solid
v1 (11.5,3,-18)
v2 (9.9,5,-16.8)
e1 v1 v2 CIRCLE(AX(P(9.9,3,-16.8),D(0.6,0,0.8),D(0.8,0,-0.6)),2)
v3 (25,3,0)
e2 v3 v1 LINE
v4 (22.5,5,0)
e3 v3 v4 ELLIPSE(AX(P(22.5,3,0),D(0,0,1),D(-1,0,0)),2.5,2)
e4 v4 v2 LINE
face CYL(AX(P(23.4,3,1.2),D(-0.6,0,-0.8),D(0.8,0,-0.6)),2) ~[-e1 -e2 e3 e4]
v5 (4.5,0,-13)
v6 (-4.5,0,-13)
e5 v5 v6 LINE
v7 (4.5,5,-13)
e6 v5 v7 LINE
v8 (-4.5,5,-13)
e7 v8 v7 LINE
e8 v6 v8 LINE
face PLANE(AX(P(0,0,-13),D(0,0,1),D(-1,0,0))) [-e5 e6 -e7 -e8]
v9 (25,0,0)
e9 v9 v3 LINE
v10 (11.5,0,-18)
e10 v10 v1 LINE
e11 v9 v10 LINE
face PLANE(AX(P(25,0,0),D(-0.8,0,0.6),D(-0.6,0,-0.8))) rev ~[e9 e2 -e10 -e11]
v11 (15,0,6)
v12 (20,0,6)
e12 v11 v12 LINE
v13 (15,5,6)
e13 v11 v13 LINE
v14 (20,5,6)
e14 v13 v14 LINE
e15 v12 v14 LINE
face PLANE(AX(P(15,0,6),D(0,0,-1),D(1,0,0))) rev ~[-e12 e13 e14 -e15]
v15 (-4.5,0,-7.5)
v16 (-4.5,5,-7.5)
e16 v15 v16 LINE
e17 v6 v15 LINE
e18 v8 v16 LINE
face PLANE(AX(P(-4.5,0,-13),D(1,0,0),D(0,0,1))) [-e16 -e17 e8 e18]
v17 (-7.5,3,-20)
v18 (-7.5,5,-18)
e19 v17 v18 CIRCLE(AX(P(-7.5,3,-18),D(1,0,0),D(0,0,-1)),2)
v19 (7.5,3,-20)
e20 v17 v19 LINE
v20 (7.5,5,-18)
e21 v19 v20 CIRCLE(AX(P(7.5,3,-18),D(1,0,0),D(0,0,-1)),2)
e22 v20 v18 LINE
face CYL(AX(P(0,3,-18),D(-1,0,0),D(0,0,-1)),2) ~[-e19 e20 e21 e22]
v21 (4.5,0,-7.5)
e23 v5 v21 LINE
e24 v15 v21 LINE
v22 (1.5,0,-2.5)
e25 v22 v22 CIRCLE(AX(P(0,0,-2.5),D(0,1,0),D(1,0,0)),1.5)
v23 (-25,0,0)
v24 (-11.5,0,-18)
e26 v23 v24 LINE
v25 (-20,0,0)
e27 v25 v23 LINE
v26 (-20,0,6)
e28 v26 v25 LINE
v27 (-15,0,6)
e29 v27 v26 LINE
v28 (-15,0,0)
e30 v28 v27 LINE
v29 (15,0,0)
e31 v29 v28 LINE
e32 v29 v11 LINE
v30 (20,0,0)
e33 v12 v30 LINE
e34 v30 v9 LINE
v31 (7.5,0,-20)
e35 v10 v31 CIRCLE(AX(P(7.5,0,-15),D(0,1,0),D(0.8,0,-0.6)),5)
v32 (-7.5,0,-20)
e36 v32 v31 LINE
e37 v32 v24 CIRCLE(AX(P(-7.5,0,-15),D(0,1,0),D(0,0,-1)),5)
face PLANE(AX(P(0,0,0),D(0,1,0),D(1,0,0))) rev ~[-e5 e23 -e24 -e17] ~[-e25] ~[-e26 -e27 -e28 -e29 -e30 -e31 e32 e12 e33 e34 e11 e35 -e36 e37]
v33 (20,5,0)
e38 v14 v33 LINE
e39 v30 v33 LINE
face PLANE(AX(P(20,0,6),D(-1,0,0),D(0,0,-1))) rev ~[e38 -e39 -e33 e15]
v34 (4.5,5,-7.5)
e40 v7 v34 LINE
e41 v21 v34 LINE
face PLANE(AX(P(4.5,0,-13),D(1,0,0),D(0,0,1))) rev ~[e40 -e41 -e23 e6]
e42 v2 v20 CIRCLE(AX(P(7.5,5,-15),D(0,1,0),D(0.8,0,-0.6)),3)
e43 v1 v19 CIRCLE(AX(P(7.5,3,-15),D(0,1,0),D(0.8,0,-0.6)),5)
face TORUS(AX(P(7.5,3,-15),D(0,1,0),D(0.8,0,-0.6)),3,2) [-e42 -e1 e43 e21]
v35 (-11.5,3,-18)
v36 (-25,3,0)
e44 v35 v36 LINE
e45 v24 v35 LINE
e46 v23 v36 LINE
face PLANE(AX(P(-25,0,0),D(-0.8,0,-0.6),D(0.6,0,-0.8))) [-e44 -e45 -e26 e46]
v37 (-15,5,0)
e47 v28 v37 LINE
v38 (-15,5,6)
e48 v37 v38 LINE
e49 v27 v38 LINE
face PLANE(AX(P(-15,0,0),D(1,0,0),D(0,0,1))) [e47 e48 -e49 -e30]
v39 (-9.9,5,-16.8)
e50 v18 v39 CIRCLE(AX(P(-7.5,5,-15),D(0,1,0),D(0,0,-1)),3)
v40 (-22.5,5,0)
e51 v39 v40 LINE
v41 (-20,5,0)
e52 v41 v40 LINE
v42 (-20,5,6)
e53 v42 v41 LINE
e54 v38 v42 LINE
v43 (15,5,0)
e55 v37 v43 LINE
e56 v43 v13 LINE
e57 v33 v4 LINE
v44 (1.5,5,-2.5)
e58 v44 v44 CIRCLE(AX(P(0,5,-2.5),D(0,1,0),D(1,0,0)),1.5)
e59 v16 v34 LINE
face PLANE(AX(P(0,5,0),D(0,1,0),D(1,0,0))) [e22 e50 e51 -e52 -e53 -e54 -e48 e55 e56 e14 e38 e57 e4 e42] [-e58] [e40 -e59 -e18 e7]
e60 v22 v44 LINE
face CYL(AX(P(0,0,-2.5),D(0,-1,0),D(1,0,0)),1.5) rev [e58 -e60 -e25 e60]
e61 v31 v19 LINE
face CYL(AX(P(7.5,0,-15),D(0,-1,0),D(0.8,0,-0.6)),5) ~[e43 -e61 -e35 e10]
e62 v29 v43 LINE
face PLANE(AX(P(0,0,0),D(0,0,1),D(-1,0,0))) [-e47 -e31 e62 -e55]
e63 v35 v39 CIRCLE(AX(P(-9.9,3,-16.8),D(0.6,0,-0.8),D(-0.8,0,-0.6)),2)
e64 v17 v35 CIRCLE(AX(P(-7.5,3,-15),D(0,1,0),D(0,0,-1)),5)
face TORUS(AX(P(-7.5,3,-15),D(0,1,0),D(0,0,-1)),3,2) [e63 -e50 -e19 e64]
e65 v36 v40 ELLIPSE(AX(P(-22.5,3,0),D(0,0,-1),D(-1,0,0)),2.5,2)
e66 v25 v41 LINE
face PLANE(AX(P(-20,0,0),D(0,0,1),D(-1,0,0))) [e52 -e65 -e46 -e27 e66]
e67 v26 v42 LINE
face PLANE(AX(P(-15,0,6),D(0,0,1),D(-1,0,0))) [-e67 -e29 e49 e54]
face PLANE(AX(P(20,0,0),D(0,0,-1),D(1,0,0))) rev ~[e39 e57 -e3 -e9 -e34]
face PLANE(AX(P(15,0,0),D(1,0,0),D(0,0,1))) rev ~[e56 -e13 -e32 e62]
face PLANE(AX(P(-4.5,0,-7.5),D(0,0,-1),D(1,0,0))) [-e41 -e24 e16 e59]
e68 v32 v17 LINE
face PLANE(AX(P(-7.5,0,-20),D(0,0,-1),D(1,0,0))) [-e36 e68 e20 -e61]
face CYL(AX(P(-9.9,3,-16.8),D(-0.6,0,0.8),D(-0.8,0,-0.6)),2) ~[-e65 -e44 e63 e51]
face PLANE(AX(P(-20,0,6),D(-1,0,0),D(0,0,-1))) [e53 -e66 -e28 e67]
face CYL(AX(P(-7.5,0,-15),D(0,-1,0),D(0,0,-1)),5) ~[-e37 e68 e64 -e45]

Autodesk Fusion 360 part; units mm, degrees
sketch "Sketch1" plane through (0, 0, 0) normal (0, 1, 0) x (1, 0, 0)
  line L0 (0, 0) -> (-15, 0)
  line L1 (-15, 0) -> (-15, -6)
  line L2 (-15, -6) -> (-20, -6)
  line L3 (-20, -6) -> (-20, 0)
  line L4 (-20, 0) -> (-25, 0)
  line L5 (-7.5, 20) -> (0, 20)
  line L6 (0, 0) -> (15, 0)
  line L7 (15, 0) -> (15, -6)
  line L8 (15, -6) -> (20, -6)
  line L9 (20, -6) -> (20, 0)
  line L10 (20, 0) -> (25, 0)
  line L11 (7.5, 20) -> (0, 20)
  line L12 (-25, 0) -> (-11.5, 18)
  line L13 (25, 0) -> (11.5, 18)
  arc A0 (-7.5, 20) -> (-11.5, 18) centre (-7.5, 15) ccw
  arc A1 (11.5, 18) -> (7.5, 20) centre (7.5, 15) ccw
  line L14 (0, 13) -> (-4.5, 13)
  line L15 (-4.5, 13) -> (-4.5, 7.5)
  line L16 (-4.5, 7.5) -> (4.5, 7.5)
  line L17 (0, 13) -> (4.5, 13)
  line L18 (4.5, 13) -> (4.5, 7.5)
  circle A2 centre (0, 2.5) radius 1.5
  dimension "d1" = 5
  dimension "d6" = 2.5
  dimension "d7" = 3
extrude "Extrude1" add sketch "Sketch1" along normal blind 5
sketch "Sketch2" plane through (0, 5, 0) normal (0, 1, 0) x (-1, 0, 0)
  line L0 (4.5, -13) -> (-4.5, -13)
  line L1 (-4.5, -13) -> (-4.5, -7.5)
  line L2 (-4.5, -7.5) -> (4.5, -7.5)
  line L3 (4.5, -7.5) -> (4.5, -13)
  circle A0 centre (0, -2.5) radius 1.5
  line L4 (15, 0) -> (-15, 0)
  line L5 (-15, 0) -> (-15, 6)
  line L6 (-15, 6) -> (-20, 6)
  line L7 (-20, 6) -> (-20, 0)
  line L8 (-20, 0) -> (-25, 0)
  line L9 (-25, 0) -> (-11.5, -18)
  arc A1 (-11.5, -18) -> (-7.5, -20) centre (-7.5, -15) ccw
  line L10 (-7.5, -20) -> (7.5, -20)
  arc A2 (7.5, -20) -> (11.5, -18) centre (7.5, -15) ccw
  line L11 (11.5, -18) -> (25, 0)
  line L12 (25, 0) -> (20, 0)
  line L13 (20, 0) -> (20, 6)
  line L14 (20, 6) -> (15, 6)
  line L15 (15, 6) -> (15, 0)
fillet "Fillet1" radius 2 5 edges at (18.25, 5, -9) (9.7361, 5, -19.4721) (0, 5, -20) (-9.7361, 5, -19.4721) (-18.25, 5, -9)
